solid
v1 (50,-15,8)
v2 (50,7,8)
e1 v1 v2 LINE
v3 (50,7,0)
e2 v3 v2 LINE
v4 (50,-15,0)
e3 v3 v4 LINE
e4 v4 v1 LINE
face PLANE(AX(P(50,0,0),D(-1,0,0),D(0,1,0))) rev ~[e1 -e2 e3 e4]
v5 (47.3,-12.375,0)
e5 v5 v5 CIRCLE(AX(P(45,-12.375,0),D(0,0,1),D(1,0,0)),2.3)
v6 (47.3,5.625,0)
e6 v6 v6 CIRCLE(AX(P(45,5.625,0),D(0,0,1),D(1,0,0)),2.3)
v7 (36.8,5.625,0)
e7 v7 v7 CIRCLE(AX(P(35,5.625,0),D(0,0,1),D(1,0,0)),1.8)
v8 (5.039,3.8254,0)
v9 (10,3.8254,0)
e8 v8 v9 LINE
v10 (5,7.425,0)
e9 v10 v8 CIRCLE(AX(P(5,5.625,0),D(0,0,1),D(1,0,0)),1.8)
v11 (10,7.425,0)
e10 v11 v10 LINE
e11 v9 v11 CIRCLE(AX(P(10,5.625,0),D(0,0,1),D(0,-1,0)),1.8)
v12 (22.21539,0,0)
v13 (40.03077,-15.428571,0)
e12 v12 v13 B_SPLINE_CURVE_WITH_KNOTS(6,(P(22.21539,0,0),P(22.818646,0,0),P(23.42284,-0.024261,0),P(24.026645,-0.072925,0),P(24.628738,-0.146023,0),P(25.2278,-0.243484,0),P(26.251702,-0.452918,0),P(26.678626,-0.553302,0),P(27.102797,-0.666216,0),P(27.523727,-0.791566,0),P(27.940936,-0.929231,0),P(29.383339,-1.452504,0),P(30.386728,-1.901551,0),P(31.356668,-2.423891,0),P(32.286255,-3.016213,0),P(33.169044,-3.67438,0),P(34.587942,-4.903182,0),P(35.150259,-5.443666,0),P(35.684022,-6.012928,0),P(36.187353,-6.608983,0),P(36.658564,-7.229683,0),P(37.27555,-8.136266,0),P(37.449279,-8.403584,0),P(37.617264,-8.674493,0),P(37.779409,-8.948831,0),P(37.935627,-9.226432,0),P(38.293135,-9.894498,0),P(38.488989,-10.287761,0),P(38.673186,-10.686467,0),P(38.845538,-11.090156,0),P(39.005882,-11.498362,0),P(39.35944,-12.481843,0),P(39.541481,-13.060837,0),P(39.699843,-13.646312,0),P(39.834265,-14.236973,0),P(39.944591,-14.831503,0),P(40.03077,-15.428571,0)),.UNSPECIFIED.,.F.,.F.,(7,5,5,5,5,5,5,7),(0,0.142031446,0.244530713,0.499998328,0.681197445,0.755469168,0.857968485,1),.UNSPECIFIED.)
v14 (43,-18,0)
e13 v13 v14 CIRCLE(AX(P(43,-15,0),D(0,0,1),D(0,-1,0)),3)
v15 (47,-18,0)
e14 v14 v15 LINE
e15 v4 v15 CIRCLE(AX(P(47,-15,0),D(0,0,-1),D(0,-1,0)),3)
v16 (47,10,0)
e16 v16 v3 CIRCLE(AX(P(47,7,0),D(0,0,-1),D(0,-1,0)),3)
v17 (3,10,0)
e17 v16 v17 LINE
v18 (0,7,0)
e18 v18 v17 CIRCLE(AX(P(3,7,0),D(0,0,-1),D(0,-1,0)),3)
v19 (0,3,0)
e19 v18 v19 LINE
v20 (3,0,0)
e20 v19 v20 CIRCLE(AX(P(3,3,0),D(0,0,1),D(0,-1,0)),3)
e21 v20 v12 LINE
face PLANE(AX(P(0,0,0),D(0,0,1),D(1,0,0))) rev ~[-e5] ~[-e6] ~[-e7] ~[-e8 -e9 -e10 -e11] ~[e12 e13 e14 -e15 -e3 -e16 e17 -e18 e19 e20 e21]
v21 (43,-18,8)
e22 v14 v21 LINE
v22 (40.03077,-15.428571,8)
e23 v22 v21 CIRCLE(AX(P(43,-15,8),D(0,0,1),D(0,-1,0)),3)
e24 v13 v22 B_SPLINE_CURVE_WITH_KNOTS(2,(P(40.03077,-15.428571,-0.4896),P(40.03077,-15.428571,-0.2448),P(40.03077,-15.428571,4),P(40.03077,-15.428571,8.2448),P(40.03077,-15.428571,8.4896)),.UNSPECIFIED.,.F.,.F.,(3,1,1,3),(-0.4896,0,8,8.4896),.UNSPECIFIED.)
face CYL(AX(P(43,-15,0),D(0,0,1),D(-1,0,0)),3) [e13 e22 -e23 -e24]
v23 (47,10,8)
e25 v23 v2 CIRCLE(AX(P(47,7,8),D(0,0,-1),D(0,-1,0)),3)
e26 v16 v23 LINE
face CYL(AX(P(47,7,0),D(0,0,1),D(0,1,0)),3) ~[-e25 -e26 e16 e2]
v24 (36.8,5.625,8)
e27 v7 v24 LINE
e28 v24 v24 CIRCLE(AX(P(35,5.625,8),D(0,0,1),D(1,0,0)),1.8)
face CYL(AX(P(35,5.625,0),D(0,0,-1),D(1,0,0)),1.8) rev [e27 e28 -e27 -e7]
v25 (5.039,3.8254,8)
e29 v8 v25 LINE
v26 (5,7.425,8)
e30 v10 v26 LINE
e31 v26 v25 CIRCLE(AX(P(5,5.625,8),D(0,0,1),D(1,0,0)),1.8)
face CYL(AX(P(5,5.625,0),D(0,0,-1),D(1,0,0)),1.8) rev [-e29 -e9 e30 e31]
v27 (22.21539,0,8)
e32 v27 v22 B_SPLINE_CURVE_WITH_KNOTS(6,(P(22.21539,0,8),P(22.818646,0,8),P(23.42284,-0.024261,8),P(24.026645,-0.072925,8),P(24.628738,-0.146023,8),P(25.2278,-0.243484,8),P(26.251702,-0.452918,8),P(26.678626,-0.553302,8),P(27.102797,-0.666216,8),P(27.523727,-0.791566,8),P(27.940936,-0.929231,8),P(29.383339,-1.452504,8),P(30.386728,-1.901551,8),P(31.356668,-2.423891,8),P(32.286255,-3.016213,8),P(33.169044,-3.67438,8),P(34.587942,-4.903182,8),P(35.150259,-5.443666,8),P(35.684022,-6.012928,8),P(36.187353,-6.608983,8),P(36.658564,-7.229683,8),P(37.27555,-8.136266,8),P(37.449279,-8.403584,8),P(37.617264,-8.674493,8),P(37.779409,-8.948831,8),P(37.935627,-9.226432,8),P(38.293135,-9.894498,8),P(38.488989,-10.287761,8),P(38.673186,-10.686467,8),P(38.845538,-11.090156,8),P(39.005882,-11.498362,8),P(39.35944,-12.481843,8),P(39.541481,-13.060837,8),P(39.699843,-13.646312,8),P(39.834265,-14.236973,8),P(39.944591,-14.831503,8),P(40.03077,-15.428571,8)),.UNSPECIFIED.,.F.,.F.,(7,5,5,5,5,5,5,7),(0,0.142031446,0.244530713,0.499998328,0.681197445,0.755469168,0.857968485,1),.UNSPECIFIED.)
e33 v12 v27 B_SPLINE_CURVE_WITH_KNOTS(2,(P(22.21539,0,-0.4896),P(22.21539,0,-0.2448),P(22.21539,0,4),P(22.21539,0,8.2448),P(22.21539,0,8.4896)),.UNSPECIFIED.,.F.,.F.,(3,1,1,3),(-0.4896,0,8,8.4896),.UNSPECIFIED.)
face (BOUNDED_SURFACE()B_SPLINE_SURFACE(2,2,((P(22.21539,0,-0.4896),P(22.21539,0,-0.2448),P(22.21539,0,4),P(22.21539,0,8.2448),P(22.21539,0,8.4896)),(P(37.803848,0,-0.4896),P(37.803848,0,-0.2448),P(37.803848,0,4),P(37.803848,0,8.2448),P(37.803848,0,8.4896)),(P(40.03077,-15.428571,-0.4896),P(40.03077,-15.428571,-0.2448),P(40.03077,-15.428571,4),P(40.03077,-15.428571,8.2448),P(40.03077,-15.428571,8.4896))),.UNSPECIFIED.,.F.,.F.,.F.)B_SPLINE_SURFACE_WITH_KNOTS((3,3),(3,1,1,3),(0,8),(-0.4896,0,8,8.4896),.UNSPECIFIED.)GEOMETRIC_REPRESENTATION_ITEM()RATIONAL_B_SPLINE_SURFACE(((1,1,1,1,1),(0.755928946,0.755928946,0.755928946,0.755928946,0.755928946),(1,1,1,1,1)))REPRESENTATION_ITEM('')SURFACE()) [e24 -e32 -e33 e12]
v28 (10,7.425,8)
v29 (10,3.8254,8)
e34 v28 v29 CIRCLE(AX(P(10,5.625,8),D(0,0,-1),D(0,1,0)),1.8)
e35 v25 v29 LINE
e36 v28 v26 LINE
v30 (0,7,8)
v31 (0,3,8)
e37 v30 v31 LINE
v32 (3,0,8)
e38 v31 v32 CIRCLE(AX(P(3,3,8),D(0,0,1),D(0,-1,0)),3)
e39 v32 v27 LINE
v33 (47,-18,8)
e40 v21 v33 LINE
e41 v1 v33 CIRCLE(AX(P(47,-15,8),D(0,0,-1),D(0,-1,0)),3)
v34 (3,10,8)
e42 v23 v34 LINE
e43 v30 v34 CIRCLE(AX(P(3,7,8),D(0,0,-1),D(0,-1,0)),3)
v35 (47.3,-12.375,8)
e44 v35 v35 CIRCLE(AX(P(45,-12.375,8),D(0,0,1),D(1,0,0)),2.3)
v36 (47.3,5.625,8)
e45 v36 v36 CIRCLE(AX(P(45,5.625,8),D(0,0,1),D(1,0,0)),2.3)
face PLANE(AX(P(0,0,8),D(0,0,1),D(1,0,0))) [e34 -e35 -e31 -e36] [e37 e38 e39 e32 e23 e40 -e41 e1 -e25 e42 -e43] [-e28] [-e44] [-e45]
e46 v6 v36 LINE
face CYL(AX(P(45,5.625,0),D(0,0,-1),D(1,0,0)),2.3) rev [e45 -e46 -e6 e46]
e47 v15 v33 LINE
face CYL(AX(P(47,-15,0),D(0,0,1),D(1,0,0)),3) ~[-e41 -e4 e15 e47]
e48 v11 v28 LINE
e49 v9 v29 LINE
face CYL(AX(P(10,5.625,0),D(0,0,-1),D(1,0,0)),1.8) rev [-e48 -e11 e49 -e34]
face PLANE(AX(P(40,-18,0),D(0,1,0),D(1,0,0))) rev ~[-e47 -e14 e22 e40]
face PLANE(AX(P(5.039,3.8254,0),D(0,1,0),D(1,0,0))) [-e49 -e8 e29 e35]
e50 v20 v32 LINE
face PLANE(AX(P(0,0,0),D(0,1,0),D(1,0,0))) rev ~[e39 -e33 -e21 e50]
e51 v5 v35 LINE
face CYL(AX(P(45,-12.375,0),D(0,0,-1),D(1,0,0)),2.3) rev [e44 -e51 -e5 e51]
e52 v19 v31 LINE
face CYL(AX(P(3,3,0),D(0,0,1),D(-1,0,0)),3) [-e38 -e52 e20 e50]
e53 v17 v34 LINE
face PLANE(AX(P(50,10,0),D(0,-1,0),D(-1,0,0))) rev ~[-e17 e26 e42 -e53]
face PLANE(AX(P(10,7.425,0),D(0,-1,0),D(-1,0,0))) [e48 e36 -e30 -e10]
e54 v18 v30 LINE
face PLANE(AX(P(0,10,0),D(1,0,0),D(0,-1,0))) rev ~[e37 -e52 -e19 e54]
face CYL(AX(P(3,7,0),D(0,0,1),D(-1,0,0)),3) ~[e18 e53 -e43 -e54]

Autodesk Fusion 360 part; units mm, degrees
sketch "Sketch1" plane through (0, 0, 0) normal (0, 0, 1) x (1, 0, 0)
  line L0 (0, 0) -> (50, 0)
  line L1 (50, 0) -> (50, 10)
  line L2 (50, 10) -> (0, 10)
  line L3 (0, 10) -> (0, 0)
  line L4 (50, 0) -> (40, 0)
  line L5 (40, 0) -> (40, -18)
  line L6 (40, -18) -> (50, -18)
  line L7 (50, -18) -> (50, 0)
  circle A0 centre (5, 5.625) radius 1.8
  circle A1 centre (35, 5.625) radius 1.8
  circle A2 centre (45, 5.625) radius 2.3
  circle A3 centre (45, -12.375) radius 2.3
  circle A4 centre (10, 5.625) radius 1.8
  line L8 (5.039, 3.8254) -> (10, 3.8254)
  line L9 (10, 7.425) -> (5, 7.425)
  dimension "d1" = 50
  dimension "d2" = 10
  dimension "d3" = 10
  dimension "d4" = 18
  dimension "d5" = 3.6
  dimension "d6" = 3.6
  dimension "d7" = 5
  dimension "d8" = 30
  dimension "d9" = 4.6
  dimension "d10" = 10
  dimension "d11" = 4.6
  dimension "d12" = 18
  dimension "d20" = 3.6
  dimension "d21" = 5.625
  dimension "d22" = 5
extrude "Extrude1" add sketch "Sketch1" along normal blind 8
fillet "Fillet1" radius 3 5 edges at (40, -18, 4) (50, -18, 4) (0, 0, 4) (50, 10, 4) (0, 10, 4)
fillet "Fillet2" radius 18 1 edges at (40, 0, 4)
chamfer "Chamfer1" [suppressed]
equation "d4 = d12"
equation "d6 = d5"
equation "d9 = d11"
equation "d20 = d5"
equation "d21 = 9 / 16 * d2"
